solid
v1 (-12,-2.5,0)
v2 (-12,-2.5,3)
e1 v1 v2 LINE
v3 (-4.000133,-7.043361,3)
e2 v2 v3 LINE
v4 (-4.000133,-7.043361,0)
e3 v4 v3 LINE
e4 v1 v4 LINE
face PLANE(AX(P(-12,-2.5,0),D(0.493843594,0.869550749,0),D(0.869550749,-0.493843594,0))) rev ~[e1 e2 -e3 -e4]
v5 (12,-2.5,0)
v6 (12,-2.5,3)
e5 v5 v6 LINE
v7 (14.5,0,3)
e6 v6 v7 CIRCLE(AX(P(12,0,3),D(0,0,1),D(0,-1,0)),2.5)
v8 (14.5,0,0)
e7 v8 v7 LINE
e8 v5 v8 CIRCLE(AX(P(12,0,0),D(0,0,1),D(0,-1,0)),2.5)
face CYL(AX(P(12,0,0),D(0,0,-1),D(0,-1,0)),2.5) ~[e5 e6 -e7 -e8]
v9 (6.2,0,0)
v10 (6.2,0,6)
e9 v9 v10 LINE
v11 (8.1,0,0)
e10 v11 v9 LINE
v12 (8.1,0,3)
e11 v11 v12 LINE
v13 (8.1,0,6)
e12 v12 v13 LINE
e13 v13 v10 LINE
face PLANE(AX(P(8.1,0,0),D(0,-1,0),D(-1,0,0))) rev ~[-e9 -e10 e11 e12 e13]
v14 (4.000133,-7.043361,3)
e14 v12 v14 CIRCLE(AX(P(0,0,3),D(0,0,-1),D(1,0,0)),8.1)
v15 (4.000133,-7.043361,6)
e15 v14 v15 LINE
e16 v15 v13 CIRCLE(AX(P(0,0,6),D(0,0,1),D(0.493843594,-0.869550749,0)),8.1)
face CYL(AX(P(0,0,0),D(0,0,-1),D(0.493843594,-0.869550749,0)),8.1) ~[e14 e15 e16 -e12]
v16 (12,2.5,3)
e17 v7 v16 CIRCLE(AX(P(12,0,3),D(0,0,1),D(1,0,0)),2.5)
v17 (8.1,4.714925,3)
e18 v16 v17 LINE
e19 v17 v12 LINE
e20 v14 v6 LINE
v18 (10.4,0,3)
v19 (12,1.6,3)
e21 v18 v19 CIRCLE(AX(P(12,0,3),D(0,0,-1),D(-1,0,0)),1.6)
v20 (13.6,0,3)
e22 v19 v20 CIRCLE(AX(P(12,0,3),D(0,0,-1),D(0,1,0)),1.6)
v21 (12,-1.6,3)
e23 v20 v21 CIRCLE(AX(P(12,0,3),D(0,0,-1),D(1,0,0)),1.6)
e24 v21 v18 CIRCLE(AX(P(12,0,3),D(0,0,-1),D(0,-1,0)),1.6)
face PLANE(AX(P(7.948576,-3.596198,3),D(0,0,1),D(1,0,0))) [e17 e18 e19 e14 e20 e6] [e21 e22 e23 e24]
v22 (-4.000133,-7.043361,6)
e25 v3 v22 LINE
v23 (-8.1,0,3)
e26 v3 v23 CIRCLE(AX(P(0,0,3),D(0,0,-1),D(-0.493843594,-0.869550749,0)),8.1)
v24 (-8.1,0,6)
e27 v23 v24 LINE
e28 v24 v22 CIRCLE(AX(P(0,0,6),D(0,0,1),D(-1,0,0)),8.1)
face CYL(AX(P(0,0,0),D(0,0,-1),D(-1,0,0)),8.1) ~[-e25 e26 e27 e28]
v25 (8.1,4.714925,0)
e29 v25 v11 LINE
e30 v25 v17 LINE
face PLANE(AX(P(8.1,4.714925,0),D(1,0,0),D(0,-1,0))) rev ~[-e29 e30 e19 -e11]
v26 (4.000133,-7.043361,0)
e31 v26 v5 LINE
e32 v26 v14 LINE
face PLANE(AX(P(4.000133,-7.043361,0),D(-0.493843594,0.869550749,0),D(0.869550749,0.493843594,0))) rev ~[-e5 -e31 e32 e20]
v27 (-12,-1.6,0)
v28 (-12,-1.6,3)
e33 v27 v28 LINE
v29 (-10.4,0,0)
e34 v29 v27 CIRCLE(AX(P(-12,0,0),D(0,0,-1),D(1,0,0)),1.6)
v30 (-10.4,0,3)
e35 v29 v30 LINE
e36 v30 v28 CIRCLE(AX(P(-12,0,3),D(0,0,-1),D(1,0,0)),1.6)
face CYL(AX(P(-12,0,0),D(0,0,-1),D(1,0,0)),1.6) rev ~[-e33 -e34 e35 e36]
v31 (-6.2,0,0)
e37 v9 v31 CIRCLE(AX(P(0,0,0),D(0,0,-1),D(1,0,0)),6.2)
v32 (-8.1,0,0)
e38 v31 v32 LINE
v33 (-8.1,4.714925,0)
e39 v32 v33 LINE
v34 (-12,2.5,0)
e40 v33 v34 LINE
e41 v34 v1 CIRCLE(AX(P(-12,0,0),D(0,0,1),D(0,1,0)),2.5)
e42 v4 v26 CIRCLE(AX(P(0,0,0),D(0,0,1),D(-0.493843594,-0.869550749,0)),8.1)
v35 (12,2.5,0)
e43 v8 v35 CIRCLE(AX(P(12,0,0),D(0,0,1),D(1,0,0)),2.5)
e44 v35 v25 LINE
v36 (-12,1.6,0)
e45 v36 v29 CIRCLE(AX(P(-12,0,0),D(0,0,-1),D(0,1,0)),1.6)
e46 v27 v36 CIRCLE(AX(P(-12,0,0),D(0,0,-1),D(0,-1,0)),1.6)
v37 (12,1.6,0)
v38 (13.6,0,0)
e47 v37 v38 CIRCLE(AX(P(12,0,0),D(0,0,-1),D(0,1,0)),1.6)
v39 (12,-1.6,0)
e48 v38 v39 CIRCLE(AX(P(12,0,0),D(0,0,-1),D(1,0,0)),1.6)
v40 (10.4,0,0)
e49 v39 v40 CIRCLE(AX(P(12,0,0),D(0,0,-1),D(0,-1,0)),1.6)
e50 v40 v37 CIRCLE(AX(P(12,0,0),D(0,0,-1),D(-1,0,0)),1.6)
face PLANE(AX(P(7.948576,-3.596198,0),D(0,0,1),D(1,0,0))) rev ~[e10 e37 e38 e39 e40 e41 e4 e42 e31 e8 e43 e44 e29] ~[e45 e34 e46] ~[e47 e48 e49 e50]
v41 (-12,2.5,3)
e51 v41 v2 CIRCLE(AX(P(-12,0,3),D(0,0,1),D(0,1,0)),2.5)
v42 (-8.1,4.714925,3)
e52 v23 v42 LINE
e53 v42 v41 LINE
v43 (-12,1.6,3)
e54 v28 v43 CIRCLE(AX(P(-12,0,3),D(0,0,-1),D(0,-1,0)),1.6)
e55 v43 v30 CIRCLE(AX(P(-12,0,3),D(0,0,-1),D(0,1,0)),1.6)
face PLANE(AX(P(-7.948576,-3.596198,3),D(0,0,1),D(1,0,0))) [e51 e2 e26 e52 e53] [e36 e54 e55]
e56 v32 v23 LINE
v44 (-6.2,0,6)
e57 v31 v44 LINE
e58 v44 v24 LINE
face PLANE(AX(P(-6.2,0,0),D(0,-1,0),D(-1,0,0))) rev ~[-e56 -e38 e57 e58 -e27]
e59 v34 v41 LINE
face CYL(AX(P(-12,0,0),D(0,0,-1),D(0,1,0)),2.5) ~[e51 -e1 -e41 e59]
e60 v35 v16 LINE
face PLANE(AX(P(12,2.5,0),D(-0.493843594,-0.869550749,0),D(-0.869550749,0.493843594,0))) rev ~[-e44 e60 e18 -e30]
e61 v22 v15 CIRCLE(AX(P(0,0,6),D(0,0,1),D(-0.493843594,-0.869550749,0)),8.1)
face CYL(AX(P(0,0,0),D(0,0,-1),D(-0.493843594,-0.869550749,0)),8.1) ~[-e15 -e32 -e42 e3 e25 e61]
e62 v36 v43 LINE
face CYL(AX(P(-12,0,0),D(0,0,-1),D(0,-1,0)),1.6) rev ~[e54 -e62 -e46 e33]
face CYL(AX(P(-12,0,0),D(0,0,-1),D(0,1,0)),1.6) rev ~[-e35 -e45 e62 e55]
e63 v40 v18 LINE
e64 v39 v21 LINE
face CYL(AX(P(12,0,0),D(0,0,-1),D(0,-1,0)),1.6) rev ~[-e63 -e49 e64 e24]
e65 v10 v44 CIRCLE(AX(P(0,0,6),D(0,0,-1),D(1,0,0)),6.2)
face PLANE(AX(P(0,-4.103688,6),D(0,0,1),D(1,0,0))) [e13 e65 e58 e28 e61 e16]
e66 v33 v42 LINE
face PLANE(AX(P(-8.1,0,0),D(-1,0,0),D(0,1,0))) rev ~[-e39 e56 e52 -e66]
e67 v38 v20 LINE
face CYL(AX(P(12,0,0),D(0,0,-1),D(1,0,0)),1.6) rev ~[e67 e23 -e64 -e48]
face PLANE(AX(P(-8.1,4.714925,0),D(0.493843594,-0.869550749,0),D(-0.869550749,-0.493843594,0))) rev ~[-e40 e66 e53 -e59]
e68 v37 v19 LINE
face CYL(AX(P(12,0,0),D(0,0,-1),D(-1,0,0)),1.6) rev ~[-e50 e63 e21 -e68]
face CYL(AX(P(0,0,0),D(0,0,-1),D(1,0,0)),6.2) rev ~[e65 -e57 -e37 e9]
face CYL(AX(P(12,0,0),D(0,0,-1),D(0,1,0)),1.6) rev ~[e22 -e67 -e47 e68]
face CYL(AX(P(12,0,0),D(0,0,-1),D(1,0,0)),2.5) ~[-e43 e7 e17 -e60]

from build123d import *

# Parameters (mm, degrees)
F1_DEPTH = 6
F2_DEPTH = 3


with BuildPart() as f1:
    # F0 (on Top) → F1 (new body)
    with BuildSketch(Plane.XY):
        with BuildLine():
            Line((8.1, 0), (6.2, 0))
            ThreePointArc((6.2, 0), (0, -6.2), (-6.2, 0))
            Line((-6.2, 0), (-8.1, 0))
            ThreePointArc((-8.1, 0), (-7.0003956389, -4.074857163), (-4.0001331115, -7.0433610649))
            ThreePointArc((-4.0001331115, -7.0433610649), (0, -8.1), (4.0001331115, -7.0433610649))
            ThreePointArc((4.0001331115, -7.0433610649), (7.0003956389, -4.074857163), (8.1, 0))
        make_face()
    extrude(amount=F1_DEPTH)

    # F0 (on Top) → F2 (join)
    with BuildSketch(Plane.XY):
        with BuildLine():
            Line((9.5, 0), (8.1, 0))
            ThreePointArc((8.1, 0), (7.0003956389, -4.074857163), (4.0001331115, -7.0433610649))
            Line((4.0001331115, -7.0433610649), (12, -2.5))
            ThreePointArc((12, -2.5), (10.232233047, -1.767766953), (9.5, 0))
        make_face()
        with BuildLine():
            Line((10.4, 0), (9.5, 0))
            ThreePointArc((9.5, 0), (10.232233047, -1.767766953), (12, -2.5))
            Line((12, -2.5), (12, -1.6))
            ThreePointArc((12, -1.6), (10.8686291501, -1.1313708499), (10.4, 0))
        make_face()
        with BuildLine():
            Line((12, -1.6), (12, -2.5))
            ThreePointArc((12, -2.5), (13.767766953, -1.767766953), (14.5, 0))
            ThreePointArc((14.5, 0), (13.767766953, 1.767766953), (12, 2.5))
            Line((12, 2.5), (12, 1.6))
            ThreePointArc((12, 1.6), (13.1313708499, 1.1313708499), (13.6, 0))
            ThreePointArc((13.6, 0), (13.1313708499, -1.1313708499), (12, -1.6))
        make_face()
        with BuildLine():
            ThreePointArc((-4.0001331115, -7.0433610649), (-7.0003956389, -4.074857163), (-8.1, 0))
            Line((-8.1, 0), (-9.5, 0))
            ThreePointArc((-9.5, 0), (-10.232233047, -1.767766953), (-12, -2.5))
            Line((-12, -2.5), (-4.0001331115, -7.0433610649))
        make_face()
        with BuildLine():
            ThreePointArc((12, 2.5), (10.232233047, 1.767766953), (9.5, 0))
            Line((9.5, 0), (10.4, 0))
            ThreePointArc((10.4, 0), (10.8686291501, 1.1313708499), (12, 1.6))
            Line((12, 1.6), (12, 2.5))
        make_face()
        with BuildLine():
            ThreePointArc((-12, -2.5), (-10.232233047, -1.767766953), (-9.5, 0))
            Line((-9.5, 0), (-10.4, 0))
            ThreePointArc((-10.4, 0), (-10.8686291501, -1.1313708499), (-12, -1.6))
            Line((-12, -1.6), (-12, -2.5))
        make_face()
        with BuildLine():
            ThreePointArc((-12, 2.5), (-14.5, 0), (-12, -2.5))
            Line((-12, -2.5), (-12, -1.6))
            ThreePointArc((-12, -1.6), (-13.6, 0), (-12, 1.6))
            Line((-12, 1.6), (-12, 2.5))
        make_face()
        with BuildLine():
            Line((-10.4, 0), (-9.5, 0))
            ThreePointArc((-9.5, 0), (-10.232233047, 1.767766953), (-12, 2.5))
            Line((-12, 2.5), (-12, 1.6))
            ThreePointArc((-12, 1.6), (-10.8686291501, 1.1313708499), (-10.4, 0))
        make_face()
        with BuildLine():
            Line((-9.5, 0), (-8.1, 0))
            Line((-8.1, 0), (-8.1, 4.7149253731))
            Line((-8.1, 4.7149253731), (-12, 2.5))
            ThreePointArc((-12, 2.5), (-10.232233047, 1.767766953), (-9.5, 0))
        make_face()
        with BuildLine():
            Line((8.1, 4.7149253731), (8.1, 0))
            Line((8.1, 0), (9.5, 0))
            ThreePointArc((9.5, 0), (10.232233047, 1.767766953), (12, 2.5))
            Line((12, 2.5), (8.1, 4.7149253731))
        make_face()
    extrude(amount=F2_DEPTH)


solid = f1.part
